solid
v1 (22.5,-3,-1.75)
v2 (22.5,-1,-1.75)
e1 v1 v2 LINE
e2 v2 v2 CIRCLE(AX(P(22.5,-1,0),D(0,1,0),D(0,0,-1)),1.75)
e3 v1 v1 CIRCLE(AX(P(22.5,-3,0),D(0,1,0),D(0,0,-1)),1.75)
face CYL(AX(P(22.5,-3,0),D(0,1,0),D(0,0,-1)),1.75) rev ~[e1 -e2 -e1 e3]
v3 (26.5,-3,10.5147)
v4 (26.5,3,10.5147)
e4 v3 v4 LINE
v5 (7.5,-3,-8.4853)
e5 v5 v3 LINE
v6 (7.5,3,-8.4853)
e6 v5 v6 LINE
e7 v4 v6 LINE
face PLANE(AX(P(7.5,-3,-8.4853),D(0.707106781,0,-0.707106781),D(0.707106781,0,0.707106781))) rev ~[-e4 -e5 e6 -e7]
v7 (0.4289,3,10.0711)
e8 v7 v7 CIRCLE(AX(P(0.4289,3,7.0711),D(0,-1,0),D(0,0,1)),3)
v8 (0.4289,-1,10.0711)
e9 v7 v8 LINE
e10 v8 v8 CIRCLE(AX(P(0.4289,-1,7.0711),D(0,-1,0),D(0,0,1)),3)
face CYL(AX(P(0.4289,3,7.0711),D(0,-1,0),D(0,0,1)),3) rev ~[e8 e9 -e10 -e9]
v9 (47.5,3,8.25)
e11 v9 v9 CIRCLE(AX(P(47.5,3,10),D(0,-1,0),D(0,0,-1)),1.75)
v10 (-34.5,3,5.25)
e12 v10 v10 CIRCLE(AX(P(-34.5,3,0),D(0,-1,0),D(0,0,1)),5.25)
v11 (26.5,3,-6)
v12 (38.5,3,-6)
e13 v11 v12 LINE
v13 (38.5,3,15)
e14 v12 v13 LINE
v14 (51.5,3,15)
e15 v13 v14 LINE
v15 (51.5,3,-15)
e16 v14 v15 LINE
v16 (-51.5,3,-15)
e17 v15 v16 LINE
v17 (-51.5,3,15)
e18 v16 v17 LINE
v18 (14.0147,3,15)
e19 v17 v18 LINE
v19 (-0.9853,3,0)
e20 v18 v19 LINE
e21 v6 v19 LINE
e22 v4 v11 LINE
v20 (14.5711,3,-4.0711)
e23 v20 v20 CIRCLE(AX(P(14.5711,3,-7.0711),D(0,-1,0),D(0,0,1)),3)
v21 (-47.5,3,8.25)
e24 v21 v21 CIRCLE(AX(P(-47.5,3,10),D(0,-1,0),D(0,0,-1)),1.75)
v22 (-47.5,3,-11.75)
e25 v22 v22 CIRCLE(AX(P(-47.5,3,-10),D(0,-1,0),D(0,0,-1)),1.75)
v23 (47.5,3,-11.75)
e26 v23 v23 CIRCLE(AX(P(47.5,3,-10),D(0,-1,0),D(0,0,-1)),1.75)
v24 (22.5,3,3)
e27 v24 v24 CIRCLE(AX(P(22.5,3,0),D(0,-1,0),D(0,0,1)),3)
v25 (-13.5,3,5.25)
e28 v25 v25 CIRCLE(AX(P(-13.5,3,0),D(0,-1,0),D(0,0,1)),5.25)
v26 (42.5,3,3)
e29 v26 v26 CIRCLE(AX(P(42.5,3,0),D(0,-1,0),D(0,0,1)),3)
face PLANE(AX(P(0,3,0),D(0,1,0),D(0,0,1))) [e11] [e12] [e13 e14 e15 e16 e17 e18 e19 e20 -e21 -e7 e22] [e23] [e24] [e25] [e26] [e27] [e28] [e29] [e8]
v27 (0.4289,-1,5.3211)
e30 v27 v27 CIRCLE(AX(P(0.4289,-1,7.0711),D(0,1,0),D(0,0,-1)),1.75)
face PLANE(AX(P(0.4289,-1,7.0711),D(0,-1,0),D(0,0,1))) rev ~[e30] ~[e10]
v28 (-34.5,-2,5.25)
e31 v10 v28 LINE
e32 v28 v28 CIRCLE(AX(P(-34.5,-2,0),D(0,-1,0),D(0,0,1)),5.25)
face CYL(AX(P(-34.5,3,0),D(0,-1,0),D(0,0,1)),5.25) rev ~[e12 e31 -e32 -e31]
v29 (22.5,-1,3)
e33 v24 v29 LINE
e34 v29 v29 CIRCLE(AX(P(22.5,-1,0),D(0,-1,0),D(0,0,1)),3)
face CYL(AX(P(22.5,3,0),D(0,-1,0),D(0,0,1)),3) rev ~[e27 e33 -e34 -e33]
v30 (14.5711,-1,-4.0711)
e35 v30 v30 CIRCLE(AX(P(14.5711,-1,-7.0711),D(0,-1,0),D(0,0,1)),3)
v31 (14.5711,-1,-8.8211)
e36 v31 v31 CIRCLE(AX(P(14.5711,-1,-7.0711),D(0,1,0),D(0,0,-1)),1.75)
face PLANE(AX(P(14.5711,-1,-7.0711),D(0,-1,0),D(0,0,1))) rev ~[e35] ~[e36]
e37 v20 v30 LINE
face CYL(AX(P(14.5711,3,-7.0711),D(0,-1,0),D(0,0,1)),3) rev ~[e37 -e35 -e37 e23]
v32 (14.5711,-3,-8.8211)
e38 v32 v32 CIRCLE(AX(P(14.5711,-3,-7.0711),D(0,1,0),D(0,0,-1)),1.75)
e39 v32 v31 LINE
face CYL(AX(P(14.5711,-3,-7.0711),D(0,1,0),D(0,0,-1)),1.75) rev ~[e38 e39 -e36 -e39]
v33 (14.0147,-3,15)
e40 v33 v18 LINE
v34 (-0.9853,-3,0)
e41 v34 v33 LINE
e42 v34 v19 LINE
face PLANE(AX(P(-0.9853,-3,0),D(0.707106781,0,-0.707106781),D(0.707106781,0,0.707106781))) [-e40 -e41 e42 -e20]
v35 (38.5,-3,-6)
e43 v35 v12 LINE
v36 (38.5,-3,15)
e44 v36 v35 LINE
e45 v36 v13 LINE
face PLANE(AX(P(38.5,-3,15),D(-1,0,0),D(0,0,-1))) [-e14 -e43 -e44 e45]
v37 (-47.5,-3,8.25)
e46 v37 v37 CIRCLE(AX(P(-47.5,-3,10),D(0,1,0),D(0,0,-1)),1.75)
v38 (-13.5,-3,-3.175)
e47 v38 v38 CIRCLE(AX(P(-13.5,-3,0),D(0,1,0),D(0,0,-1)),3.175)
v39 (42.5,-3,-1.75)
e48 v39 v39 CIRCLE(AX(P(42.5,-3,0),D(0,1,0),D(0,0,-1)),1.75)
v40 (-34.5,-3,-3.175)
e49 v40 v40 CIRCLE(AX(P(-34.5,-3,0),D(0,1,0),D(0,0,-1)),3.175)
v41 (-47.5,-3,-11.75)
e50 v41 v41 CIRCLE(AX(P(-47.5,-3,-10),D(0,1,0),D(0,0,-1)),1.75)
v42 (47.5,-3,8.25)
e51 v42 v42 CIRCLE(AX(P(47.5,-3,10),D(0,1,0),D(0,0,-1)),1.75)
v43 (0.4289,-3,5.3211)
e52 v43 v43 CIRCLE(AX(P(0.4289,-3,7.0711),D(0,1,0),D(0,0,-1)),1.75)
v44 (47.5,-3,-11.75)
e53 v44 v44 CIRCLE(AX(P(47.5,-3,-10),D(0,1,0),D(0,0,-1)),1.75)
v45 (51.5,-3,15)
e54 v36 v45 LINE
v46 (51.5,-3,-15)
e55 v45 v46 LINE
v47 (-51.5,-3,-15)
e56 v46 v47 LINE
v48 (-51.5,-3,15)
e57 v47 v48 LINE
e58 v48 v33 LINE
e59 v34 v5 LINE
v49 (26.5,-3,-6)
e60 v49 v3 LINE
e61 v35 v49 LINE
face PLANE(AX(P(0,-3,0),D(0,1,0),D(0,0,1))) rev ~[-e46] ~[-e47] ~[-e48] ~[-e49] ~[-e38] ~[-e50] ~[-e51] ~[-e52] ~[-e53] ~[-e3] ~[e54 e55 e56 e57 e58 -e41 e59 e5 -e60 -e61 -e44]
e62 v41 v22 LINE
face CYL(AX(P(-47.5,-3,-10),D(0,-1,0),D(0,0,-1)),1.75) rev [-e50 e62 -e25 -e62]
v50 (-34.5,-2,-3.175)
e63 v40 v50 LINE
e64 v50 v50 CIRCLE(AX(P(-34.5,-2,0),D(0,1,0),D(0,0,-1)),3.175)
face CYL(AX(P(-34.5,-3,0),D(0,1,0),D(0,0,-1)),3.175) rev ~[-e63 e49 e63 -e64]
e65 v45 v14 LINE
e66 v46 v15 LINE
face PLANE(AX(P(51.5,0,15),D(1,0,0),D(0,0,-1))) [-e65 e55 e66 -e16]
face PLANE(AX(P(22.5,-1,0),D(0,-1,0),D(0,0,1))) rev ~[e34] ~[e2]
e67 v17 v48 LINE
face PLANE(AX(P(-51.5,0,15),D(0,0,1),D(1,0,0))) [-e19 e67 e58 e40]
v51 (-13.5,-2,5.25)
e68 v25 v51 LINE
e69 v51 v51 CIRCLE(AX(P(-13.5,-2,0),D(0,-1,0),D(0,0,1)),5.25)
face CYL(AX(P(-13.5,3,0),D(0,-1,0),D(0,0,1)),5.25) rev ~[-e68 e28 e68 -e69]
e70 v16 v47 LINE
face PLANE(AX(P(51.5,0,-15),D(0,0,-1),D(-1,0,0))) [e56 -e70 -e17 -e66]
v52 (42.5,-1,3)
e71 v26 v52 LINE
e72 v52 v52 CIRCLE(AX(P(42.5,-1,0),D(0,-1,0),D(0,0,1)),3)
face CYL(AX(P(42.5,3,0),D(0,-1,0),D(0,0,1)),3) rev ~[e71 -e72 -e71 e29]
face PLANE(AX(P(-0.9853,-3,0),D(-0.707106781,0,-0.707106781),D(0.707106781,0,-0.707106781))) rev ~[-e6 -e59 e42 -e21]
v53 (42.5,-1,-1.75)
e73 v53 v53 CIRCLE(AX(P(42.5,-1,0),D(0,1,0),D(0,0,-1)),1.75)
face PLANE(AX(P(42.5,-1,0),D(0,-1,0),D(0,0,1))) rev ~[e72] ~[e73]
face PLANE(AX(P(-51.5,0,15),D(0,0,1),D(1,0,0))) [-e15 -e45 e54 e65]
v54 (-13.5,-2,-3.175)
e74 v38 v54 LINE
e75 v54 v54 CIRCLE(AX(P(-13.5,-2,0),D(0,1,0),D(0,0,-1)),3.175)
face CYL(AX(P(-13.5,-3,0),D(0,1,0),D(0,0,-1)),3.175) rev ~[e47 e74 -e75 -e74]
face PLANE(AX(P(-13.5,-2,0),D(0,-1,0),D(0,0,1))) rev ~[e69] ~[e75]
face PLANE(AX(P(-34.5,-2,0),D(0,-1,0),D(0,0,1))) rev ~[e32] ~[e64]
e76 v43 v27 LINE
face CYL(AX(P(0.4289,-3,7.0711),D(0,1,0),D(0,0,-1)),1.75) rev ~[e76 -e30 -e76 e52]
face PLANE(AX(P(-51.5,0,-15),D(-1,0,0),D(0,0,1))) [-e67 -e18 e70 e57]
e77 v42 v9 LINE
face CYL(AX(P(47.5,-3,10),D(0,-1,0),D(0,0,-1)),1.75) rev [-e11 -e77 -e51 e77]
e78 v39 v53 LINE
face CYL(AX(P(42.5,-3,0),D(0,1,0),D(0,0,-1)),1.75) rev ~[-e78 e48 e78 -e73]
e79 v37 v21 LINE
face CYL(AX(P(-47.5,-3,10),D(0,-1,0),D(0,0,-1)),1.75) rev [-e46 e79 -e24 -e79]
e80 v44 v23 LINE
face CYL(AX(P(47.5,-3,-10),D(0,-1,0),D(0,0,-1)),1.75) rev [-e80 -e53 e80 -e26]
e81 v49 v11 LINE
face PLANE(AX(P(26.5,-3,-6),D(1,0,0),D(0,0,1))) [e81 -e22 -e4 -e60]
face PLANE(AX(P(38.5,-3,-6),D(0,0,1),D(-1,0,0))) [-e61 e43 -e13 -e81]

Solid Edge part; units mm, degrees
sketch "Sketch1" plane through (0, 0, 0) normal (0, -1, 0) x (1, 0, 0)
  line L0 (-51.5, 15) -> (51.5, 15)
  line L1 (51.5, 15) -> (51.5, -15)
  line L2 (51.5, -15) -> (-51.5, -15)
  line L3 (-51.5, -15) -> (-51.5, 15)
  dimension "D1" = 30
  dimension "D2" = 103
extrude "Protrusion1" add sketch "Sketch1" along normal mid plane 6
hole "Bohrung_1" at (47.5, -3, 10) direction (0, 1, 0) diameter 3.5 end through all
hole "Hole1" at (47.5, -3, -10) direction (0, 1, 0) diameter 3.5 end through all
hole "Hole2" at (-47.5, -3, -10) direction (0, 1, 0) diameter 3.5 end through all
hole "Hole3" at (-47.5, -3, 10) direction (0, 1, 0) diameter 3.5 end through all
sketch "Sketch2" plane through (0, -3, 0) normal (0, -1, 0) x (1, 0, 0)
  line L0 (26.5, 15) -> (38.5, 15)
  line L1 (38.5, 15) -> (38.5, -6)
  line L2 (38.5, -6) -> (26.5, -6)
  line L3 (26.5, -6) -> (26.5, 15)
  dimension "D1" = 9
  dimension "D2" = 9
  dimension "D3" = 12
  dimension "D4" = 6
extrude "Ausschnitt_1" cut sketch "Sketch2" against normal blind 168.275
hole "Bohrung_5" at (22.5, -3, 0) direction (0, 1, 0) diameter 3.5 depth 2
hole "Hole4" at (42.5, -3, 0) direction (0, 1, 0) diameter 3.5 depth 2
hole "Bohrung_9" at (-34.5, -3, 0) direction (0, 1, 0) diameter 6.35 depth 1
hole "Hole5" at (-13.5, -3, 0) direction (0, 1, 0) diameter 6.35 depth 1
sketch "Sketch3" plane through (0, -3, 0) normal (0, -1, 0) x (1, 0, 0)
  line L0 (-0.9853, 0) -> (7.5, -8.4853)
  line L1 (7.5, -8.4853) -> (30.9853, 15)
  line L2 (14.0147, 15) -> (30.9853, 15)
  line L3 (-0.9853, 0) -> (14.0147, 15)
  dimension "D1" = 0.9853
extrude "Ausschnitt_5" cut sketch "Sketch3" against normal blind 285.75
hole "Bohrung_11" at (14.5711, -3, -7.0711) direction (0, 1, 0) diameter 3.5 depth 2
hole "Hole6" at (0.4289, -3, 7.0711) direction (0, 1, 0) diameter 3.5 depth 2
hole "Bohrung_13" at (-34.5, 3, 0) direction (0, -1, 0) diameter 10.5 depth 5
hole "Hole7" at (-13.5, 3, 0) direction (0, -1, 0) diameter 10.5 depth 5
hole "Bohrung_15" at (14.5711, 3, -7.0711) direction (0, -1, 0) diameter 6 depth 4
hole "Hole8" at (0.4289, 3, 7.0711) direction (0, -1, 0) diameter 6 depth 4
hole "Hole9" at (22.5, 3, 0) direction (0, -1, 0) diameter 6 depth 4
hole "Hole10" at (42.5, 3, 0) direction (0, -1, 0) diameter 6 depth 4
